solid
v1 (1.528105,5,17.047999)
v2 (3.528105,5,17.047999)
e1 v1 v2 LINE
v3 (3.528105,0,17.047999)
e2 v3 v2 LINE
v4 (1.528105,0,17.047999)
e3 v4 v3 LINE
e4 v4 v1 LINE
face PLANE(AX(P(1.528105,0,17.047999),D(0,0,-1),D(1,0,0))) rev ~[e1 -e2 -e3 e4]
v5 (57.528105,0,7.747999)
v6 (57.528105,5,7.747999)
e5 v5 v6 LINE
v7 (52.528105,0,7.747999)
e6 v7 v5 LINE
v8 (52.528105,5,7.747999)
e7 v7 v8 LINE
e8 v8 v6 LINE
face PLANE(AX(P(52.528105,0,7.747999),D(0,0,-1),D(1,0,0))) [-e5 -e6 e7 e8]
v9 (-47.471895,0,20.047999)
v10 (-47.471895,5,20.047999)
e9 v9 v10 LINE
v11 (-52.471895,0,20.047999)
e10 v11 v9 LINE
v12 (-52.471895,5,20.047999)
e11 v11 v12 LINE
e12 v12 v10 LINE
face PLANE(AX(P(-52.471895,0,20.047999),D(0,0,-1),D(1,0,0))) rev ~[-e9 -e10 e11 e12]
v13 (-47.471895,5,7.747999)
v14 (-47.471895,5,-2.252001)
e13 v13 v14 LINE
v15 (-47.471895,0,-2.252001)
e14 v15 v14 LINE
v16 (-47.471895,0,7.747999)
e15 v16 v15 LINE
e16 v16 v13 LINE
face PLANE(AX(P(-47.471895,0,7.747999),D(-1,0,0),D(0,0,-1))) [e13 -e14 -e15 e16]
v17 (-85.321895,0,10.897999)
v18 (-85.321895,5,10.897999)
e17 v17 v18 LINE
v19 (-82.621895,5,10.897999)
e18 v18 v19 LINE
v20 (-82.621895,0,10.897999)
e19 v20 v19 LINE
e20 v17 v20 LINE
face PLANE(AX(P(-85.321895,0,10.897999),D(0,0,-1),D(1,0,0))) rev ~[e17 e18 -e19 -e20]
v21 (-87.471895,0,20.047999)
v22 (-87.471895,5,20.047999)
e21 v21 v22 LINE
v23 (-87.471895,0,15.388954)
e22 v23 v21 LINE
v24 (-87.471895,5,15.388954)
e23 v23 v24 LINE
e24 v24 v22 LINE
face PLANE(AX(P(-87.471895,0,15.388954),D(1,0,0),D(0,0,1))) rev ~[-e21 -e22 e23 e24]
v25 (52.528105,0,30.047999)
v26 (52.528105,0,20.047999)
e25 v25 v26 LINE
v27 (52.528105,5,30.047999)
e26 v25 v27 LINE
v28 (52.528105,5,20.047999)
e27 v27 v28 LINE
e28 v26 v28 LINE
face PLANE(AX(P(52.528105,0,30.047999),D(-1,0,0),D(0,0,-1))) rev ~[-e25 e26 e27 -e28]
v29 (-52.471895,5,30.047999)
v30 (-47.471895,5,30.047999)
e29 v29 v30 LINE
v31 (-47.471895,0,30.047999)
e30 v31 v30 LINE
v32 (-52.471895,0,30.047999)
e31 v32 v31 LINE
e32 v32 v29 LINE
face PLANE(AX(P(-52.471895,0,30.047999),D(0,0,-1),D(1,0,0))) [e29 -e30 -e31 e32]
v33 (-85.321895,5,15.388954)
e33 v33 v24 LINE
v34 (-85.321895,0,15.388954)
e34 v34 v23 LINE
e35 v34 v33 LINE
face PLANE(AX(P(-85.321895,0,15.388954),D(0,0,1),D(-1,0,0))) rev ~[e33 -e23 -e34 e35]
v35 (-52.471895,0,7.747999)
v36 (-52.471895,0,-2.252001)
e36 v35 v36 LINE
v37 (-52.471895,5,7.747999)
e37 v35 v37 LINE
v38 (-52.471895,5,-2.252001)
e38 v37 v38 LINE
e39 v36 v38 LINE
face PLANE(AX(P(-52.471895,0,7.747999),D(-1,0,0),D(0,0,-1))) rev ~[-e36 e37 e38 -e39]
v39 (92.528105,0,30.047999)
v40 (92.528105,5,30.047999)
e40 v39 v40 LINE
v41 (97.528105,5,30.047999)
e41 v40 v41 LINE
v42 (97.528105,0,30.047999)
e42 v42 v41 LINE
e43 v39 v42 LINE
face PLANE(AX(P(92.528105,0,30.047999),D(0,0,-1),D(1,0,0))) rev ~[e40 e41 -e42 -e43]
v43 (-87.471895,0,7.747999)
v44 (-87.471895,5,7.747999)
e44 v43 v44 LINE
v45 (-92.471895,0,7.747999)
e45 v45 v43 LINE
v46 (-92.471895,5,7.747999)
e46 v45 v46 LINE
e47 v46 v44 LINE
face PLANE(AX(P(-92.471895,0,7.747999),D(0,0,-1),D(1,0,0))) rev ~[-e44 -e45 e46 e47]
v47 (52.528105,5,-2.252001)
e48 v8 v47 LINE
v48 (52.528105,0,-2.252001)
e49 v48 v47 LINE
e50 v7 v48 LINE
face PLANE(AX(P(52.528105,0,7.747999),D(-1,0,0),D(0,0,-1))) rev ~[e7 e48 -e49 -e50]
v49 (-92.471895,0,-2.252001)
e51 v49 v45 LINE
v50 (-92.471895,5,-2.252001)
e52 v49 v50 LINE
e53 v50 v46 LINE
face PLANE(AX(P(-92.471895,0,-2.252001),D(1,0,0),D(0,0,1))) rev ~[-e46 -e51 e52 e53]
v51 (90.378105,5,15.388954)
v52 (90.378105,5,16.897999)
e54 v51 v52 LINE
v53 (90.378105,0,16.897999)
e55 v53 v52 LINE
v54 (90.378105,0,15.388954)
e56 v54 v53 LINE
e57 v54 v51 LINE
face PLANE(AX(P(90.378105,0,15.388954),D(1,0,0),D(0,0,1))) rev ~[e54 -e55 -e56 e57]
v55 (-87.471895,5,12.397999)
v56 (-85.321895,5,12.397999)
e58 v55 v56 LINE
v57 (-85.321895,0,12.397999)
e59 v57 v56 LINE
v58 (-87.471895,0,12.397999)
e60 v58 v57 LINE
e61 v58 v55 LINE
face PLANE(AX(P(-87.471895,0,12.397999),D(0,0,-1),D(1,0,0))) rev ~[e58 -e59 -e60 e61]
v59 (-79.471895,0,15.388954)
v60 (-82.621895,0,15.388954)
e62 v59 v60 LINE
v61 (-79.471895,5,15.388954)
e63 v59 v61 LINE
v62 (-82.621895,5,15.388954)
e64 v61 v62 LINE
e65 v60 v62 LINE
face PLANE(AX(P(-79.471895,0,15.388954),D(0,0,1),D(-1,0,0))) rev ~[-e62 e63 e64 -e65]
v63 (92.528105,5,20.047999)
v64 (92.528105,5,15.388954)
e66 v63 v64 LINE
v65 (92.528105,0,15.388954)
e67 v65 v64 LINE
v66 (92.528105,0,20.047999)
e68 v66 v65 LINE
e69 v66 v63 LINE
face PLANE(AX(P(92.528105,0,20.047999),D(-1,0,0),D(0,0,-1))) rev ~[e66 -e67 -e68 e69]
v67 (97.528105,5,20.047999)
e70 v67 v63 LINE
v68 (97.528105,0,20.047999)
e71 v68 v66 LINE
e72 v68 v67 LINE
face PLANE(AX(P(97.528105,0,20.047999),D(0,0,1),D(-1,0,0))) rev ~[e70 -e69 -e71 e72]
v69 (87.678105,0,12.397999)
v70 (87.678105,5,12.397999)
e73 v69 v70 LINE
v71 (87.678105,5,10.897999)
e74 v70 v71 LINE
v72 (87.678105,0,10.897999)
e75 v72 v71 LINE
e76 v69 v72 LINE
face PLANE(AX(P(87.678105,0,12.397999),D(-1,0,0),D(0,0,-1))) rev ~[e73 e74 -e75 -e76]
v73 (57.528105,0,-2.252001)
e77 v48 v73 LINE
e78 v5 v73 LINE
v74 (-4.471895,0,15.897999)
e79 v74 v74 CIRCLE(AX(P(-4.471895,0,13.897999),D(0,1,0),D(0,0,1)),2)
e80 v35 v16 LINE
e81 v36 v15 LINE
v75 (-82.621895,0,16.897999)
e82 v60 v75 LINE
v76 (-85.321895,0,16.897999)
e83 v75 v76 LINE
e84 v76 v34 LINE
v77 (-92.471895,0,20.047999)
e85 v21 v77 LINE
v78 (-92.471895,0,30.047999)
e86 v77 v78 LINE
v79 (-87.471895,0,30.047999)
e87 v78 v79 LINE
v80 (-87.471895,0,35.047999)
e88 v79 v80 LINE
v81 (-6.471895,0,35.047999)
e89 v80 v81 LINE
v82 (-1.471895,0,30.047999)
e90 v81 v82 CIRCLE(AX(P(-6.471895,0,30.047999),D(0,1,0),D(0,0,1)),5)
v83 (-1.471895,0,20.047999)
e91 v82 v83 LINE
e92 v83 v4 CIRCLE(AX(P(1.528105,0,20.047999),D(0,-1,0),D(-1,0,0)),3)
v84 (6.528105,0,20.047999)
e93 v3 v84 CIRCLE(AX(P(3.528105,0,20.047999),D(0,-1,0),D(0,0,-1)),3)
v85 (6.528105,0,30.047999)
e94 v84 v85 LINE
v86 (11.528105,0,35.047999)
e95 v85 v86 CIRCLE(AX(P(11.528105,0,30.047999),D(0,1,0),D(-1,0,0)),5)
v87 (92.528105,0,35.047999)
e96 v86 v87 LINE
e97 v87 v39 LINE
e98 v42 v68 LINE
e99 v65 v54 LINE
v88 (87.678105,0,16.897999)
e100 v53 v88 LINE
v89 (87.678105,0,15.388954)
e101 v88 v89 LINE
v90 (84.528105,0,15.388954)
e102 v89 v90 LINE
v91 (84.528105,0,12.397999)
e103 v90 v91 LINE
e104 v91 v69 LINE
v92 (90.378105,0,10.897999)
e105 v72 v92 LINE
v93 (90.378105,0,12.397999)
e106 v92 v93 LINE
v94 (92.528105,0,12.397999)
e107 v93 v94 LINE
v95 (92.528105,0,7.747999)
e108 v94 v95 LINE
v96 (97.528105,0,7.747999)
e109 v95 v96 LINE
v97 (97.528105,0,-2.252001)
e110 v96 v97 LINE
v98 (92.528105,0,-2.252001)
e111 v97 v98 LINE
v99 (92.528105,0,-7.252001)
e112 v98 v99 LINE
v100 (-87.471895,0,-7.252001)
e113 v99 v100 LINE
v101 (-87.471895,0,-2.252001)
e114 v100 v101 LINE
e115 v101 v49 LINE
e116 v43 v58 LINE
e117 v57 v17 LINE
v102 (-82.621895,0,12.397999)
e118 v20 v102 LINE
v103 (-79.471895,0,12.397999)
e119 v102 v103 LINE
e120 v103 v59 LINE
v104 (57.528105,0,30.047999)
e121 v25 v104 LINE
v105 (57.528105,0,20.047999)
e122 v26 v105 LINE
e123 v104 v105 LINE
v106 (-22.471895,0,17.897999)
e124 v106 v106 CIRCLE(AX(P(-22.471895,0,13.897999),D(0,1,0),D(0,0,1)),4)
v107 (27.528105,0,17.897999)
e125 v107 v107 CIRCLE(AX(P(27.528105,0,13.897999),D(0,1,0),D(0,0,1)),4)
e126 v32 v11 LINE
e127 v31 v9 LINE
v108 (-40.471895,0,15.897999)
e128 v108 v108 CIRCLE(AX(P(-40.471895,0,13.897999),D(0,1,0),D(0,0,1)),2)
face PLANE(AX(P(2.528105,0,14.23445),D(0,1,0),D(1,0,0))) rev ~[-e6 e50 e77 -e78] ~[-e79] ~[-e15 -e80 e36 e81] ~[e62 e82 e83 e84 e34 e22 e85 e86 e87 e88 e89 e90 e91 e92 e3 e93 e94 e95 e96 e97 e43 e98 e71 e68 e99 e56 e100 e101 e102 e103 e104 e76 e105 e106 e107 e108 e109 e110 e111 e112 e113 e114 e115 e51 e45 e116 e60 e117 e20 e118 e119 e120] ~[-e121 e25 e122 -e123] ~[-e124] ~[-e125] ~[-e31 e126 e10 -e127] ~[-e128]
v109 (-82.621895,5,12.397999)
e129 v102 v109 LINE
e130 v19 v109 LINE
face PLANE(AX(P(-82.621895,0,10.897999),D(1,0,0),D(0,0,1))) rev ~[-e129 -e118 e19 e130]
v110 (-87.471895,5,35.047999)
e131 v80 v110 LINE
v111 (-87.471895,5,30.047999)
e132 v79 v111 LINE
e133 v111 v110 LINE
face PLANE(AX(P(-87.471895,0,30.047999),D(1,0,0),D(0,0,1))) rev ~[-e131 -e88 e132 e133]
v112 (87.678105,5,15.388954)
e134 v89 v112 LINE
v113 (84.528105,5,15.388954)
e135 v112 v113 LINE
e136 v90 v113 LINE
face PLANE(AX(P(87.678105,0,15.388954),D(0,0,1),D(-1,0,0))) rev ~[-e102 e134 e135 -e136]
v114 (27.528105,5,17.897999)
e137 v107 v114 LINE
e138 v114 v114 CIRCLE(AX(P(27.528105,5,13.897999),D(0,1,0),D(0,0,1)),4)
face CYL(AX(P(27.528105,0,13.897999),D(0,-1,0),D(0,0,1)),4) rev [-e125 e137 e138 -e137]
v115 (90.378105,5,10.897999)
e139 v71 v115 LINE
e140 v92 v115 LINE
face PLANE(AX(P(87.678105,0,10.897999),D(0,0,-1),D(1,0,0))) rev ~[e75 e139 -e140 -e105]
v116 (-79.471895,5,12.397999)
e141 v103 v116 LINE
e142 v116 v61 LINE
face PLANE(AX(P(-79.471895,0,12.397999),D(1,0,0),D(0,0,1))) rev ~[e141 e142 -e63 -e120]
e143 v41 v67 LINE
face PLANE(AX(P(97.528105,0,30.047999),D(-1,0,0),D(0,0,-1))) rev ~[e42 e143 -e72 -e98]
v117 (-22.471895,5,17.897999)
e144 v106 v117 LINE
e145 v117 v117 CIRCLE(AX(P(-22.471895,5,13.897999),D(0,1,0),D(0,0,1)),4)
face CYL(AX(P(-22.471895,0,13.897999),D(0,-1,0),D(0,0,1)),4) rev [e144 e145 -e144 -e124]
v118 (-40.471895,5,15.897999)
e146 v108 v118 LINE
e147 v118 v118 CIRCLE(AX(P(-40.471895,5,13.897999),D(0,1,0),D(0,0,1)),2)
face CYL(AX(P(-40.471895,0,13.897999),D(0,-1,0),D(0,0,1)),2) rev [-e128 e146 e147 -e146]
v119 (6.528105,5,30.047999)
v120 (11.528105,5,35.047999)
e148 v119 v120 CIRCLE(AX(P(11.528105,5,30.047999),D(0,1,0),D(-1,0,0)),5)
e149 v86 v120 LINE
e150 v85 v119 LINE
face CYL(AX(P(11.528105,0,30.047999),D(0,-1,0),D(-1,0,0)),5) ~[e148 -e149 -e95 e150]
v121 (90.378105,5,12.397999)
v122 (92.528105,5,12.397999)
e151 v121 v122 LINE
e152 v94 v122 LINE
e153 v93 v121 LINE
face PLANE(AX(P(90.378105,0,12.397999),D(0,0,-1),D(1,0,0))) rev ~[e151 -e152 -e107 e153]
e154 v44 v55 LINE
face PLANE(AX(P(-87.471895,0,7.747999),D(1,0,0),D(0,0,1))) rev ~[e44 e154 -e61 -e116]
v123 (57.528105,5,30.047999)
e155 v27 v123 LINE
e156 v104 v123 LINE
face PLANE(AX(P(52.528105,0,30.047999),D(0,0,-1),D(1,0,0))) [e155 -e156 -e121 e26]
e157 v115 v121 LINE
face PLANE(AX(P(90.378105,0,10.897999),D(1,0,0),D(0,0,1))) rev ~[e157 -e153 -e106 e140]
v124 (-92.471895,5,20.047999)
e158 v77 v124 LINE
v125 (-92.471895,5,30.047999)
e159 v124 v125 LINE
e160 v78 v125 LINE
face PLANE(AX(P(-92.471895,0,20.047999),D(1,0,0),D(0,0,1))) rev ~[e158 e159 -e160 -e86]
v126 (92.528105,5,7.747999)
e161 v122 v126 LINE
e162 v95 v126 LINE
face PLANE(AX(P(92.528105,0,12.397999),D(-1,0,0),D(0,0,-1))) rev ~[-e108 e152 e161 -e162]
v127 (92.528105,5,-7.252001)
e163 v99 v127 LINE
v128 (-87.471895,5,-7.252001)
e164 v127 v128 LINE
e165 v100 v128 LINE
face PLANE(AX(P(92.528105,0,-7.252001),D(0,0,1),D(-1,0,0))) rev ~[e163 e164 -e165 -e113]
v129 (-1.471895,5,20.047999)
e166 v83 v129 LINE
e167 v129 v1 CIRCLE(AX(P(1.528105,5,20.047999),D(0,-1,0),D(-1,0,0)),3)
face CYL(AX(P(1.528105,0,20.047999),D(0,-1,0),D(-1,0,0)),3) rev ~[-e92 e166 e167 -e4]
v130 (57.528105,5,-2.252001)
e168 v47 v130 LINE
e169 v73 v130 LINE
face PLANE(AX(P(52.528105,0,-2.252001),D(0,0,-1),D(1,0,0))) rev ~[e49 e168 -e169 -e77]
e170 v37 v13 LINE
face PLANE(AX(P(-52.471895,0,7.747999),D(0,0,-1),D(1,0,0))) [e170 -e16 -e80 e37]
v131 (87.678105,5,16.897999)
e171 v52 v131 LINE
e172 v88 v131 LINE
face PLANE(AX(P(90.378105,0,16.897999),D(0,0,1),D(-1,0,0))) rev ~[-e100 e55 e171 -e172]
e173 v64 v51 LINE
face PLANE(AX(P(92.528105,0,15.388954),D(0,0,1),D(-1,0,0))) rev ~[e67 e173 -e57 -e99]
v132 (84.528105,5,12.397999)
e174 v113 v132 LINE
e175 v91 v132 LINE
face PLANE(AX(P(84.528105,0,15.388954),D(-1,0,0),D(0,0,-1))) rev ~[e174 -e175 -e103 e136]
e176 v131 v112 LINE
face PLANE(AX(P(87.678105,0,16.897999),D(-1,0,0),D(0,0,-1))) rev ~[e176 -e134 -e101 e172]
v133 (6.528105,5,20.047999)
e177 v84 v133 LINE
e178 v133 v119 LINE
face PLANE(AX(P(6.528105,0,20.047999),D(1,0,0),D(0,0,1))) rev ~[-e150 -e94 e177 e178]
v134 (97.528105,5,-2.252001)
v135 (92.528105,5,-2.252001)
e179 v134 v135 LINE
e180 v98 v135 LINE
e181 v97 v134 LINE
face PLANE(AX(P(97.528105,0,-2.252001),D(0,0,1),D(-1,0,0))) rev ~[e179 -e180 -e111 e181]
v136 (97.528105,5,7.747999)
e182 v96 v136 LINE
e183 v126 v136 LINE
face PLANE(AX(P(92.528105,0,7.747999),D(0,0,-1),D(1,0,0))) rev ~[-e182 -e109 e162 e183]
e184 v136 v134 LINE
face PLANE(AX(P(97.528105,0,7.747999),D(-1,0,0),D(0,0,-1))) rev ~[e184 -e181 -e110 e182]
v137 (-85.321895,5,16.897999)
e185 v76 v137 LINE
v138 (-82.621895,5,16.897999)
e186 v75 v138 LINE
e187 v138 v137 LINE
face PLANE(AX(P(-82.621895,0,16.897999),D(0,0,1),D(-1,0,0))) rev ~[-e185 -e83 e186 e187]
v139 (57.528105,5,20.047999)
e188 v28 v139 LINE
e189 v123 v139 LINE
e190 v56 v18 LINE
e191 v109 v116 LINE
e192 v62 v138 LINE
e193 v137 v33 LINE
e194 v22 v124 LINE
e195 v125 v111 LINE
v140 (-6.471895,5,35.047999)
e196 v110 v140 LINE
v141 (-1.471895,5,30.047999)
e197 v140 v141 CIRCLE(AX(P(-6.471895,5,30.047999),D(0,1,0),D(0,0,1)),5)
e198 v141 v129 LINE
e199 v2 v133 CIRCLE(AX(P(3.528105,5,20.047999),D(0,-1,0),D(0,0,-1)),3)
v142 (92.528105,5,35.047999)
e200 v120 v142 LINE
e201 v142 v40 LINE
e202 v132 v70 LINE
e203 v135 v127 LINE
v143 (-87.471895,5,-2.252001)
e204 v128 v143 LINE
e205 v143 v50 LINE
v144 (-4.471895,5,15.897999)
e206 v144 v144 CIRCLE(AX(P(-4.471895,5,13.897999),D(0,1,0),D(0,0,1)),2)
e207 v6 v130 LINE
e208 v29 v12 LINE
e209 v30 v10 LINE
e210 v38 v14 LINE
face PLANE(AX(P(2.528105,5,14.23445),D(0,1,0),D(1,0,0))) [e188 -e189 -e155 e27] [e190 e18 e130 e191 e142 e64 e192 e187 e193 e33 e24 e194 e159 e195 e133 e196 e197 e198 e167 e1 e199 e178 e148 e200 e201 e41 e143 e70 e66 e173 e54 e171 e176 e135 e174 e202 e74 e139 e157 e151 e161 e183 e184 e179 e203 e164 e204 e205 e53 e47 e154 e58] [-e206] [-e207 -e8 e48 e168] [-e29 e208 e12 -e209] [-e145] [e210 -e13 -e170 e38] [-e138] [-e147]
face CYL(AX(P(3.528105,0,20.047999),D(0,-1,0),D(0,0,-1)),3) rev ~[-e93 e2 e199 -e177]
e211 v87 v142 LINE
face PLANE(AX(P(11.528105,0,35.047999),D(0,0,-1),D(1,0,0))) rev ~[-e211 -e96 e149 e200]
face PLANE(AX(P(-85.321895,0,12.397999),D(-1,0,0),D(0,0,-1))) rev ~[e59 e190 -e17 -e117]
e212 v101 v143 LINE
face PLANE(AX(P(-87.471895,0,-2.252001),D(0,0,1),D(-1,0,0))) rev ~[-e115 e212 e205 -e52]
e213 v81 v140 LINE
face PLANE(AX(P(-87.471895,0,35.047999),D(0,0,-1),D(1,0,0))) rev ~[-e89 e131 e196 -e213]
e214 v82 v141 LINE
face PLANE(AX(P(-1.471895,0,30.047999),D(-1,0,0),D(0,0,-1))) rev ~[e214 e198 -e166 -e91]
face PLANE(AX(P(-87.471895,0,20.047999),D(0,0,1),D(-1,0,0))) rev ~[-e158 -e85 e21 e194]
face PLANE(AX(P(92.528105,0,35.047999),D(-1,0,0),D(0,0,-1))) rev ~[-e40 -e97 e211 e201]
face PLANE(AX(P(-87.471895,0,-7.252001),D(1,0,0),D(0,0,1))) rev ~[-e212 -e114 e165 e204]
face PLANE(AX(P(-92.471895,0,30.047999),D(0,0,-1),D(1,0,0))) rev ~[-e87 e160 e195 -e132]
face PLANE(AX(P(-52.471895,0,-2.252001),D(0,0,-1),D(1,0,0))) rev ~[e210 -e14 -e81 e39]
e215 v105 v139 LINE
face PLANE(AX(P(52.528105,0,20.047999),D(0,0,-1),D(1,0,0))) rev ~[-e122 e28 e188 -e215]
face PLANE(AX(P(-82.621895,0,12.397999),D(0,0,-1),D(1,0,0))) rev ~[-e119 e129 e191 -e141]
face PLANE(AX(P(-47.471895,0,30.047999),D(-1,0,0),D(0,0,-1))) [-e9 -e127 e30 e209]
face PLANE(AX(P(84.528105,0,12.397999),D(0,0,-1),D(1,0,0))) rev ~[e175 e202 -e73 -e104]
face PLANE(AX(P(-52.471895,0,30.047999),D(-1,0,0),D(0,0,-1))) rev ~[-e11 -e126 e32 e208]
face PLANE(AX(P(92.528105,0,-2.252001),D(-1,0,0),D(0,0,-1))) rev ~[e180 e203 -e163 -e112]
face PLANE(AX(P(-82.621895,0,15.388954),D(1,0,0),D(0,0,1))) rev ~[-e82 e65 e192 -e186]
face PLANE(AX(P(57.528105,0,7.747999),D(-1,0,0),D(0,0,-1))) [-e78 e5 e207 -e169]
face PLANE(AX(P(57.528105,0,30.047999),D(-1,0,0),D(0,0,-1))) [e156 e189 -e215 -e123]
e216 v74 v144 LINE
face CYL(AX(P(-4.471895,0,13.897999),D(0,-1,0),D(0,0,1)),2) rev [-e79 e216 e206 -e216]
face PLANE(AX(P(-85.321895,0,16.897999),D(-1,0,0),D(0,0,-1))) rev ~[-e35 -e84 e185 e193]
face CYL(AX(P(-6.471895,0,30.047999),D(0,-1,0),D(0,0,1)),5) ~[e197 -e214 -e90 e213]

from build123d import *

# Parameters (mm, degrees)
SKETCH_1_R      = 4
SKETCH_1_R_2    = 2
SKETCH_1_W      = 5
SKETCH_1_H      = 10
EXTRUDE_1_DEPTH = 5


with BuildPart() as part:
    # 草图1 → 凸台-拉伸1 (new body)
    with BuildSketch(Plane(origin=(0, 0, 0), x_dir=(1, 0, 0), z_dir=(0, 1, 0))):
        with BuildLine():
            Line((-87.471894738, -35.047998618), (-6.471894738, -35.047998618))
            ThreePointArc((-6.471894738, -35.047998618), (-2.936360832, -33.583532524), (-1.471894738, -30.047998618))
            Line((-1.471894738, -30.047998618), (-1.471894738, -20.047998618))
            ThreePointArc((-1.471894738, -20.047998618), (-0.593215082, -17.926678275), (1.528105262, -17.047998618))
            Line((1.528105262, -17.047998618), (3.528105262, -17.047998618))
            ThreePointArc((3.528105262, -17.047998618), (5.649425606, -17.926678275), (6.528105262, -20.047998618))
            Line((6.528105262, -20.047998618), (6.528105262, -30.047998618))
            ThreePointArc((6.528105262, -30.047998618), (7.992571356, -33.583532524), (11.528105262, -35.047998618))
            Line((11.528105262, -35.047998618), (92.528105262, -35.047998618))
            Line((92.528105262, -35.047998618), (92.528105262, -30.047998618))
            Line((92.528105262, -30.047998618), (97.528105262, -30.047998618))
            Line((97.528105262, -30.047998618), (97.528105262, -20.047998618))
            Line((97.528105262, -20.047998618), (92.528105262, -20.047998618))
            Line((92.528105262, -20.047998618), (92.528105262, -15.388953653))
            Line((92.528105262, -15.388953653), (90.378105262, -15.388953653))
            Line((90.378105262, -15.388953653), (90.378105262, -16.897998618))
            Line((90.378105262, -16.897998618), (87.678105262, -16.897998618))
            Line((87.678105262, -16.897998618), (87.678105262, -15.388953653))
            Line((87.678105262, -15.388953653), (84.528105262, -15.388953653))
            Line((84.528105262, -15.388953653), (84.528105262, -12.397998618))
            Line((84.528105262, -12.397998618), (87.678105262, -12.397998618))
            Line((87.678105262, -12.397998618), (87.678105262, -10.897998618))
            Line((87.678105262, -10.897998618), (90.378105262, -10.897998618))
            Line((90.378105262, -10.897998618), (90.378105262, -12.397998618))
            Line((90.378105262, -12.397998618), (92.528105262, -12.397998618))
            Line((92.528105262, -12.397998618), (92.528105262, -7.747998618))
            Line((92.528105262, -7.747998618), (97.528105262, -7.747998618))
            Line((97.528105262, -7.747998618), (97.528105262, 2.252001382))
            Line((97.528105262, 2.252001382), (92.528105262, 2.252001382))
            Line((92.528105262, 2.252001382), (92.528105262, 7.252001382))
            Line((92.528105262, 7.252001382), (-87.471894738, 7.252001382))
            Line((-87.471894738, 7.252001382), (-87.471894738, 2.252001382))
            Line((-87.471894738, 2.252001382), (-92.471894738, 2.252001382))
            Line((-92.471894738, 2.252001382), (-92.471894738, -7.747998618))
            Line((-92.471894738, -7.747998618), (-87.471894738, -7.747998618))
            Line((-87.471894738, -7.747998618), (-87.471894738, -12.397998618))
            Line((-87.471894738, -12.397998618), (-85.321894738, -12.397998618))
            Line((-85.321894738, -12.397998618), (-85.321894738, -10.897998618))
            Line((-85.321894738, -10.897998618), (-82.621894738, -10.897998618))
            Line((-82.621894738, -10.897998618), (-82.621894738, -12.397998618))
            Line((-82.621894738, -12.397998618), (-79.471894738, -12.397998618))
            Line((-79.471894738, -12.397998618), (-79.471894738, -15.388953653))
            Line((-79.471894738, -15.388953653), (-82.621894738, -15.388953653))
            Line((-82.621894738, -15.388953653), (-82.621894738, -16.897998618))
            Line((-82.621894738, -16.897998618), (-85.321894738, -16.897998618))
            Line((-85.321894738, -16.897998618), (-85.321894738, -15.388953653))
            Line((-85.321894738, -15.388953653), (-87.471894738, -15.388953653))
            Line((-87.471894738, -15.388953653), (-87.471894738, -20.047998618))
            Line((-87.471894738, -20.047998618), (-92.471894738, -20.047998618))
            Line((-92.471894738, -20.047998618), (-92.471894738, -30.047998618))
            Line((-92.471894738, -30.047998618), (-87.471894738, -30.047998618))
            Line((-87.471894738, -30.047998618), (-87.471894738, -35.047998618))
        make_face()
        with Locations(Location((-22.471894738, -13.897998618, 0), (0, 0, 270))):
            Circle(SKETCH_1_R, mode=Mode.SUBTRACT)
        with Locations(Location((27.528105262, -13.897998618, 0), (0, 0, 270))):
            Circle(SKETCH_1_R, mode=Mode.SUBTRACT)
        with Locations(Location((-40.471894738, -13.897998618, 0), (0, 0, 270))):
            Circle(SKETCH_1_R_2, mode=Mode.SUBTRACT)
        with Locations(Location((-4.471894738, -13.897998618, 0), (0, 0, 270))):
            Circle(SKETCH_1_R_2, mode=Mode.SUBTRACT)
        with Locations((-49.971894738, -2.747998618)):
            Rectangle(SKETCH_1_W, SKETCH_1_H, mode=Mode.SUBTRACT)
        with Locations((-49.971894738, -25.047998618)):
            Rectangle(SKETCH_1_W, SKETCH_1_H, mode=Mode.SUBTRACT)
        with Locations((55.028105262, -25.047998618)):
            Rectangle(SKETCH_1_W, SKETCH_1_H, mode=Mode.SUBTRACT)
        with Locations((55.028105262, -2.747998618)):
            Rectangle(SKETCH_1_W, SKETCH_1_H, mode=Mode.SUBTRACT)
    extrude(amount=EXTRUDE_1_DEPTH)


solid = part.part
